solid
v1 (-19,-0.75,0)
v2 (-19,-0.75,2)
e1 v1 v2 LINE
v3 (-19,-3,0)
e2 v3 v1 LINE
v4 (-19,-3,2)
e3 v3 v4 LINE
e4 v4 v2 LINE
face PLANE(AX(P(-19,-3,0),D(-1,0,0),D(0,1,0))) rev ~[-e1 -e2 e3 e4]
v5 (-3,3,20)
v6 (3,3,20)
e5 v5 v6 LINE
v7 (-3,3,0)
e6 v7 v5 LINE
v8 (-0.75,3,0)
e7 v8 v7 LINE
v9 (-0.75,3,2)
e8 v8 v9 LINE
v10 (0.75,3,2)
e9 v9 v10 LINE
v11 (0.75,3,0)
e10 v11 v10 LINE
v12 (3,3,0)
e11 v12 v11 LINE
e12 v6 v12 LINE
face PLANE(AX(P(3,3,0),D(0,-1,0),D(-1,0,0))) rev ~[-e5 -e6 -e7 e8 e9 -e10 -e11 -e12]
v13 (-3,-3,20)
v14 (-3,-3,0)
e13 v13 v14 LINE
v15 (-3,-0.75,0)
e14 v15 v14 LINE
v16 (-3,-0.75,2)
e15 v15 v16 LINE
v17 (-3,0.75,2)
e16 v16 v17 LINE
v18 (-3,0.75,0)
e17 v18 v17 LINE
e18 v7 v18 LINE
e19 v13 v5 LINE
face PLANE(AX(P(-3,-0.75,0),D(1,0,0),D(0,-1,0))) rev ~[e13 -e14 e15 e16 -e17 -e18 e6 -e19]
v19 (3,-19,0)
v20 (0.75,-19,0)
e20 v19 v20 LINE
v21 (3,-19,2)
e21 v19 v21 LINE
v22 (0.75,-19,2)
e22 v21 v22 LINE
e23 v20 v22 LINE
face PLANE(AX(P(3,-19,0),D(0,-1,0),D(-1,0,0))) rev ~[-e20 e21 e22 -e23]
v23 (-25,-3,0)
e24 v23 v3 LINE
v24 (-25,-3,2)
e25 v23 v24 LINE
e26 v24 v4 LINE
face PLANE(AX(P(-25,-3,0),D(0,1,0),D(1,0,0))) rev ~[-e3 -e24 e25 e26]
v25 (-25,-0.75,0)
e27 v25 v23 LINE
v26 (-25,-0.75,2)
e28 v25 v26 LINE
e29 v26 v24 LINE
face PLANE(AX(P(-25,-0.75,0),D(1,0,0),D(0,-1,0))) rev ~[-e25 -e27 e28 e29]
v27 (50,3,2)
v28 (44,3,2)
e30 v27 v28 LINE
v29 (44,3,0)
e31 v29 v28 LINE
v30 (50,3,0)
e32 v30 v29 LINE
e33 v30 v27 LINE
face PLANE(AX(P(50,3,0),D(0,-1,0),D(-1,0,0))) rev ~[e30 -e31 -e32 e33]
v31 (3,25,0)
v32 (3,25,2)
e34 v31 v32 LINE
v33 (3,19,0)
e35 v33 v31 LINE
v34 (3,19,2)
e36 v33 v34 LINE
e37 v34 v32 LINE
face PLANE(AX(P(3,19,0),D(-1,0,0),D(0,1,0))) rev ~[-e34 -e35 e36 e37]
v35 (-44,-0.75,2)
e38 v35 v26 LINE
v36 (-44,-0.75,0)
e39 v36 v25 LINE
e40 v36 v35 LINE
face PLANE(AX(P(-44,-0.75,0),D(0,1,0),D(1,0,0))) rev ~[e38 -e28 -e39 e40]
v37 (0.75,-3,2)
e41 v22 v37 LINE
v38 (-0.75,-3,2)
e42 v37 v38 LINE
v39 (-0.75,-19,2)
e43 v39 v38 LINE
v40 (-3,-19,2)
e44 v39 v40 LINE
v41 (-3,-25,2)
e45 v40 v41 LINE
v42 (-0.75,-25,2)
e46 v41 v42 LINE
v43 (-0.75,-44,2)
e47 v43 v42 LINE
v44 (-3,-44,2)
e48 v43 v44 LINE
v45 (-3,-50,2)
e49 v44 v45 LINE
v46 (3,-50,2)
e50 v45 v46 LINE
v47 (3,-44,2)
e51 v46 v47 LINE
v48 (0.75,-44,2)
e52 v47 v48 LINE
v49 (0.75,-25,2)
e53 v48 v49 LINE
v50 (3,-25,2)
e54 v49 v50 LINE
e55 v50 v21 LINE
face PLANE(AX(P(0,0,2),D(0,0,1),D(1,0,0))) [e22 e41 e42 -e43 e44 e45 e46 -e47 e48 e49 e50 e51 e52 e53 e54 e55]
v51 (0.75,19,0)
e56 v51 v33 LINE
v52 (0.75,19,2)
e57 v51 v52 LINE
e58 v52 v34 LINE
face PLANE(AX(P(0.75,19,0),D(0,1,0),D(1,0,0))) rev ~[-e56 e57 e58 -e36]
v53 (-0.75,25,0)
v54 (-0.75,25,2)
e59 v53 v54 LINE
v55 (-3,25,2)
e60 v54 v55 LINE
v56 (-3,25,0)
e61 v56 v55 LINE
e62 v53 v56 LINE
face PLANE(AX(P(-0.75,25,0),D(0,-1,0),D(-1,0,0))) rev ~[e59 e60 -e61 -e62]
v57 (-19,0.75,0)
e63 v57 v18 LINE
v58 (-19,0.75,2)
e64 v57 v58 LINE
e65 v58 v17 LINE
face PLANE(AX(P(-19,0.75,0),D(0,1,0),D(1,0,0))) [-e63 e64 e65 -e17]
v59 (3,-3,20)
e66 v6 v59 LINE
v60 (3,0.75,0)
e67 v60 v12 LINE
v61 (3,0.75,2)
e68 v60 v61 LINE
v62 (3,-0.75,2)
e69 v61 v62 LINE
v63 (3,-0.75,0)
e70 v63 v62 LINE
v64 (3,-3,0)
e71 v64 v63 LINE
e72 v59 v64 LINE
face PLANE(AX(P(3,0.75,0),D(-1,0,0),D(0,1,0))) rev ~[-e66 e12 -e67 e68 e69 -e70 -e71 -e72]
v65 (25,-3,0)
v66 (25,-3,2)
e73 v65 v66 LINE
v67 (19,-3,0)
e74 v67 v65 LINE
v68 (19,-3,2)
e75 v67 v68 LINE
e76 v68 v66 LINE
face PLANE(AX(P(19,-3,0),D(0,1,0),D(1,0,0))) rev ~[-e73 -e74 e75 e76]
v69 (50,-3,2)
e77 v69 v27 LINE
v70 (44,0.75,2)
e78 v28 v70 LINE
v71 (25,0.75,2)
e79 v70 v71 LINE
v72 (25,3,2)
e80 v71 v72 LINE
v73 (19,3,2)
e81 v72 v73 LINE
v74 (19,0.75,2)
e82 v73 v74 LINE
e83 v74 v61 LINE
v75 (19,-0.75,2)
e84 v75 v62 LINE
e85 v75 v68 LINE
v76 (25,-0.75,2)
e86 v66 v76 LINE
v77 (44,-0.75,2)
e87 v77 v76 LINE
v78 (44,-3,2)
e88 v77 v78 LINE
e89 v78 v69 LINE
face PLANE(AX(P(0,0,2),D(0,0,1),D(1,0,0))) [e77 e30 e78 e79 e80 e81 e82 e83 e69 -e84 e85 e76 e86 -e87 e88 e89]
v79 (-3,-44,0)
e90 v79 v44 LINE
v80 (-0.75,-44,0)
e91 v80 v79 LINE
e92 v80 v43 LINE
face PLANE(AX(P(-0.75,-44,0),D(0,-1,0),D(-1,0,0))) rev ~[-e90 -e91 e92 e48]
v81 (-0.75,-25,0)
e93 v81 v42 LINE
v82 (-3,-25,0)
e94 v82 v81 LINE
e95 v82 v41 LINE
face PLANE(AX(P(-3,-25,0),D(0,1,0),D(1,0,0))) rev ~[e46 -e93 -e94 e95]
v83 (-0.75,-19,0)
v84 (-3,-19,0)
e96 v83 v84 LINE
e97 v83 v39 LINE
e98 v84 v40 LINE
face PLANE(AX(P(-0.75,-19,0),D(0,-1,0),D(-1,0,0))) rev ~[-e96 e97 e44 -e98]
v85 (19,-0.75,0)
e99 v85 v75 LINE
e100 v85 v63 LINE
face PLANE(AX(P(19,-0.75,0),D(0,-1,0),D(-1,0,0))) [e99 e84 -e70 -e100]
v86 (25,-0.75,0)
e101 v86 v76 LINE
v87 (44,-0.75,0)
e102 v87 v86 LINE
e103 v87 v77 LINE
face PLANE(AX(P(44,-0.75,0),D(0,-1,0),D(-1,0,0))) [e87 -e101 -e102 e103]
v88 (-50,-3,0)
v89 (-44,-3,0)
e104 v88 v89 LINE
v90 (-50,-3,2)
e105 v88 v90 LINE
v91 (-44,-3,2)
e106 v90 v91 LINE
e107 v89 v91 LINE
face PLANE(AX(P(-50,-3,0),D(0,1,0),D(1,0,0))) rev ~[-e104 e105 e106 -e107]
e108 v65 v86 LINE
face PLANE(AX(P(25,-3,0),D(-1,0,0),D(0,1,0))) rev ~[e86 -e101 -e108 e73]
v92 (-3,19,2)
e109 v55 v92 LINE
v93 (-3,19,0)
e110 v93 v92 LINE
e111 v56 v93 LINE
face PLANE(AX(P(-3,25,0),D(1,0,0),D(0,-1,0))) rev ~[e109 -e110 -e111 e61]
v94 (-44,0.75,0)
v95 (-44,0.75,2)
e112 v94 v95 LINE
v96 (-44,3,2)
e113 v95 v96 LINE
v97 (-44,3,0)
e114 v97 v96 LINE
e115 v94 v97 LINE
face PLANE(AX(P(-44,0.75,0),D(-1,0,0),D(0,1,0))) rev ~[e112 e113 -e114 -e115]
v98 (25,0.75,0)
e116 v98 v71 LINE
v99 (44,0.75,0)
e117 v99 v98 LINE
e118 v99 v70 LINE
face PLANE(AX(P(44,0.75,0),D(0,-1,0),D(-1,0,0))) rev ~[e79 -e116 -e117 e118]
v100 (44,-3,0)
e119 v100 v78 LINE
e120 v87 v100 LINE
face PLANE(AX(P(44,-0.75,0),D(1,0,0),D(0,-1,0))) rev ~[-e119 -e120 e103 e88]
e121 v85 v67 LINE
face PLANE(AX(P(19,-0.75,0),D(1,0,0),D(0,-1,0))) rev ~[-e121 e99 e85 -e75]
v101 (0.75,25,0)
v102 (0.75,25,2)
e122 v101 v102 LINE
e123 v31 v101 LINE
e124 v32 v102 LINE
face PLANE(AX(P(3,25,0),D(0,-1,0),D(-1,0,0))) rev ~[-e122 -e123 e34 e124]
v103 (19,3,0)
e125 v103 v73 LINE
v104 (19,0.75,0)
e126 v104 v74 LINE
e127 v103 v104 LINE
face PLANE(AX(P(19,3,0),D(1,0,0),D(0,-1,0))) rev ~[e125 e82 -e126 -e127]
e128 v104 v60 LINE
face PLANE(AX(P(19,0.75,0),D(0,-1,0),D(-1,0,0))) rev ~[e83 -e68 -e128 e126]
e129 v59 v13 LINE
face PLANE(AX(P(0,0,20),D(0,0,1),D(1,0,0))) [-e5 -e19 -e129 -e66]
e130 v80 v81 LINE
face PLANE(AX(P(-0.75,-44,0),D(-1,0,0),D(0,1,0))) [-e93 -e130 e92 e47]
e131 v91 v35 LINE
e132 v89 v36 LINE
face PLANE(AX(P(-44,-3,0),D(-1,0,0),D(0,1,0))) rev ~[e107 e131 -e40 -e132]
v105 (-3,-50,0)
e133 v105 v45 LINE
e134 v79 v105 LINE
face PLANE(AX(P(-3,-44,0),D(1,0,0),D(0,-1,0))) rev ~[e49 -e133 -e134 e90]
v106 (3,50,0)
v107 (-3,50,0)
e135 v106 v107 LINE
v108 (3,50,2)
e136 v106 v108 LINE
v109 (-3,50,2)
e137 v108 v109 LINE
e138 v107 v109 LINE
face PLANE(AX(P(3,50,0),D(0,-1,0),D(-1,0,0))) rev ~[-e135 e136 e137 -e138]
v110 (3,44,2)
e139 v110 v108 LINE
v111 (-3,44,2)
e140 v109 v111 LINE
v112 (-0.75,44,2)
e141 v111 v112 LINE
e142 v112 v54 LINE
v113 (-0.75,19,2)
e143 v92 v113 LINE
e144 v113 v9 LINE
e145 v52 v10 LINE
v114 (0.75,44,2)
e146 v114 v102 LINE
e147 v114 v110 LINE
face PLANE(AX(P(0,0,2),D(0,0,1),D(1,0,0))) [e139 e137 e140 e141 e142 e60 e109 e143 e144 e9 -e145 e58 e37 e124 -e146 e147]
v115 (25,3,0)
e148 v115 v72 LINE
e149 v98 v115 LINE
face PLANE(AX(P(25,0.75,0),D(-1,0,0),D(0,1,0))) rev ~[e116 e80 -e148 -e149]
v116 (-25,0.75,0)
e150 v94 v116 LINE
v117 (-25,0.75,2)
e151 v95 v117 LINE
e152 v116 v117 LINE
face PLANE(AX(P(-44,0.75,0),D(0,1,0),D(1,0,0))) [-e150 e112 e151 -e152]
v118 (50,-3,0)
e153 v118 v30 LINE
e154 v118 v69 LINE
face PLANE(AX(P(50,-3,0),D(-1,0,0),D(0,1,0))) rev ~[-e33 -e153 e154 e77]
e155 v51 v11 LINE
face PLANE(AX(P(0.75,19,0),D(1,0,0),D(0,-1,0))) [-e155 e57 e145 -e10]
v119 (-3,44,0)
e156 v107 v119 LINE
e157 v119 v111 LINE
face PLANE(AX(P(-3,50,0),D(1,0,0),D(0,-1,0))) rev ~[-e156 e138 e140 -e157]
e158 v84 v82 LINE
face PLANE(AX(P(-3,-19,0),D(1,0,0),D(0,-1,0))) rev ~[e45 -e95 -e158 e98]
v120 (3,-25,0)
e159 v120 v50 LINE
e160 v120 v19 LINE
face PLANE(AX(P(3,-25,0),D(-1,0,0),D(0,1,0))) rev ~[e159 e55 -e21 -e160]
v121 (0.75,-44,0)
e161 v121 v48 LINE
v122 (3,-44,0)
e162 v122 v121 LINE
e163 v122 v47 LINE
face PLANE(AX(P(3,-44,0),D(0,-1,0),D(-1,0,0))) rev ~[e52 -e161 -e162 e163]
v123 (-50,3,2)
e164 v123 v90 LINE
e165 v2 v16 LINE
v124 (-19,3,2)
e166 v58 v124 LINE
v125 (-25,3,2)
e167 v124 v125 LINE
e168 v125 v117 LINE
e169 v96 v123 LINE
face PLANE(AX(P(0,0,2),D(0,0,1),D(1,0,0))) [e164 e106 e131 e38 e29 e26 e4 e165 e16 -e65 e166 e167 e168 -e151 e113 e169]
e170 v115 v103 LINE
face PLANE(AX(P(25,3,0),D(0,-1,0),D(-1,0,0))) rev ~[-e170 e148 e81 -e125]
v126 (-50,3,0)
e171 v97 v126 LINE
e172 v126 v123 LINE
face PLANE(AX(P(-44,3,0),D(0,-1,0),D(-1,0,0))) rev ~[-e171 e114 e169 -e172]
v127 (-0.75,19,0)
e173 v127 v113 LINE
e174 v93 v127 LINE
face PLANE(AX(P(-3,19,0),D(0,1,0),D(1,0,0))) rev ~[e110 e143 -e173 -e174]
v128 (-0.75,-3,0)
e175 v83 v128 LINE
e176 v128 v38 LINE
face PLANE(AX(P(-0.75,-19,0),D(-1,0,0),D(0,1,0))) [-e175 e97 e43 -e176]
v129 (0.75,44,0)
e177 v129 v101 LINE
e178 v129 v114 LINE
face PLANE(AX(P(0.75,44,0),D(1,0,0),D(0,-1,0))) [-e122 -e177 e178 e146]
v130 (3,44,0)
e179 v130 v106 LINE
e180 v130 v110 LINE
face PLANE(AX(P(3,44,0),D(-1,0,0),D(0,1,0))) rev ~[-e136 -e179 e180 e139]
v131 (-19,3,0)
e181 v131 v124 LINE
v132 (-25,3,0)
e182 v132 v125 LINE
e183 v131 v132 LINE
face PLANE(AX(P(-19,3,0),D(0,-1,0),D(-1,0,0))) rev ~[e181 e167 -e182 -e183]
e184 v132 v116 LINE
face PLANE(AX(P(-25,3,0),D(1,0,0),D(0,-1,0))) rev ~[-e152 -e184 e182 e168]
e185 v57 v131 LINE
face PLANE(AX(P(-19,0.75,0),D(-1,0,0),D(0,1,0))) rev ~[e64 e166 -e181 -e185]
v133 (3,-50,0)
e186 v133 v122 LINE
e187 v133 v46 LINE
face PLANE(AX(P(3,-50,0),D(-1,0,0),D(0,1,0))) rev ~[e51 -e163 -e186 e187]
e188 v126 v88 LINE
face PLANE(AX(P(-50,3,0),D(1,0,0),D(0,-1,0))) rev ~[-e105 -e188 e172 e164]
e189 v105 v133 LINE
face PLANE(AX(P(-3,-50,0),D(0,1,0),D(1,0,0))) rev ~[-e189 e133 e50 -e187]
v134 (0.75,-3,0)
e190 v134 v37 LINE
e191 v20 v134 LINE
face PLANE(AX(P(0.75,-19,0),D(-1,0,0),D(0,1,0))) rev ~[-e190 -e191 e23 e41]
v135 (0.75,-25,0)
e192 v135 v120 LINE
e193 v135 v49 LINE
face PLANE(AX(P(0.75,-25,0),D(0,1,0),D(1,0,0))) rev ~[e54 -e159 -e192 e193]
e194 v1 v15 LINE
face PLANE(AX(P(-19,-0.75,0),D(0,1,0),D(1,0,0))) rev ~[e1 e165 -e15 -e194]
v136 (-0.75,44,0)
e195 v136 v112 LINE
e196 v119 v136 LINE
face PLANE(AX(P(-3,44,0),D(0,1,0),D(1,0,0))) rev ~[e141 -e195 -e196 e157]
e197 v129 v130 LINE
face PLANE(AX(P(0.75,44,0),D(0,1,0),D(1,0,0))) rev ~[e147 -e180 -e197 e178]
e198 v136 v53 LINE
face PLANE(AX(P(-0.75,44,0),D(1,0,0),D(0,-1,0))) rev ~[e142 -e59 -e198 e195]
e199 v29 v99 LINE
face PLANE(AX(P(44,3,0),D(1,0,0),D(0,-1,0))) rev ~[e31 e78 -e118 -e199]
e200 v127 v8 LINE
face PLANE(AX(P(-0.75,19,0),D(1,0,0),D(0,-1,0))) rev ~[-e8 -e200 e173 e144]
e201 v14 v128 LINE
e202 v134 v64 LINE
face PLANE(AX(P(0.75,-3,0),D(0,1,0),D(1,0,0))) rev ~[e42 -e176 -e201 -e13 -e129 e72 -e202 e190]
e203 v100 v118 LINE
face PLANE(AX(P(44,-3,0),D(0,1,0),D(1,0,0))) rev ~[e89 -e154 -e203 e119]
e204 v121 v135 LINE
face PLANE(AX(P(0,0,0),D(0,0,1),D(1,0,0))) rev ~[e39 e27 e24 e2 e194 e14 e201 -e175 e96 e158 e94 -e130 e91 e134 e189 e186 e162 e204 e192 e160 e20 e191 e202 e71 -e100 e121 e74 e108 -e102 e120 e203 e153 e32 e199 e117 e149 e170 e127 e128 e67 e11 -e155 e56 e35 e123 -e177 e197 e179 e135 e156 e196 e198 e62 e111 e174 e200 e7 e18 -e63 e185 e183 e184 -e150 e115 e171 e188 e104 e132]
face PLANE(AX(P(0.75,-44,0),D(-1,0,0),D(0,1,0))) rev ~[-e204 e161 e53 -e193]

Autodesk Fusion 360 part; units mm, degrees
sketch "Sketch1" plane through (0, 0, 0) normal (0, 0, 1) x (1, 0, 0)
  line L0 (0, 0) -> (0, 50) construction
  line L1 (3, 50) -> (-3, 50)
  line L2 (-3, 50) -> (-3, 44)
  line L3 (-3, 44) -> (3, 44)
  line L4 (3, 44) -> (3, 50)
  line L5 (3, 50) -> (-3, 44) construction
  line L6 (-3, 50) -> (3, 44) construction
  line L7 (3, 3) -> (-3, 3)
  line L8 (-3, 3) -> (-3, -3)
  line L9 (-3, -3) -> (3, -3)
  line L10 (3, -3) -> (3, 3)
  line L11 (3, 3) -> (-3, -3) construction
  line L12 (-3, 3) -> (3, -3) construction
  line L13 (0.75, 44) -> (0.75, 3)
  line L14 (-0.75, 44) -> (-0.75, 3)
  line L15 (-50, -3) -> (-44, -3)
  line L16 (-50, 3) -> (-50, -3)
  line L17 (-44, 3) -> (-50, 3)
  line L18 (-44, -3) -> (-44, 3)
  line L19 (-44, -0.75) -> (-3, -0.75)
  line L20 (-44, 0.75) -> (-3, 0.75)
  line L21 (3, -50) -> (3, -44)
  line L22 (-3, -50) -> (3, -50)
  line L23 (-3, -44) -> (-3, -50)
  line L24 (3, -44) -> (-3, -44)
  line L25 (0.75, -44) -> (0.75, -3)
  line L26 (-0.75, -44) -> (-0.75, -3)
  line L27 (50, 3) -> (44, 3)
  line L28 (50, -3) -> (50, 3)
  line L29 (44, -3) -> (50, -3)
  line L30 (44, 3) -> (44, -3)
  line L31 (44, 0.75) -> (3, 0.75)
  line L32 (44, -0.75) -> (3, -0.75)
  line L33 (3, 25) -> (-3, 25)
  line L34 (-3, 25) -> (-3, 19)
  line L35 (3, 19) -> (3, 25)
  line L36 (-3, 19) -> (3, 19)
  line L37 (-19, 3) -> (-25, 3)
  line L38 (-25, 3) -> (-25, -3)
  line L39 (-25, -3) -> (-19, -3)
  line L40 (-19, -3) -> (-19, 3)
  line L41 (-3, -19) -> (-3, -25)
  line L42 (-3, -25) -> (3, -25)
  line L43 (3, -25) -> (3, -19)
  line L44 (3, -19) -> (-3, -19)
  line L45 (19, -3) -> (25, -3)
  line L46 (25, -3) -> (25, 3)
  line L47 (25, 3) -> (19, 3)
  line L48 (19, 3) -> (19, -3)
  point P0 (0, 47)
  dimension "d1" = 50
  dimension "d2" = 6
  dimension "d3" = 6
  dimension "d4" = 6
  dimension "d5" = 6
  dimension "d6" = 1.5
  dimension "d8" = 360
  dimension "d13" = 6
  dimension "d14" = 6
  dimension "d15" = 25
  dimension "d17" = 360
extrude "Extrude1" add sketch "Sketch1" along normal blind 2
extrude "Extrude2" add sketch "Sketch1" along normal blind 20 contours L7 L8 L9 L10
